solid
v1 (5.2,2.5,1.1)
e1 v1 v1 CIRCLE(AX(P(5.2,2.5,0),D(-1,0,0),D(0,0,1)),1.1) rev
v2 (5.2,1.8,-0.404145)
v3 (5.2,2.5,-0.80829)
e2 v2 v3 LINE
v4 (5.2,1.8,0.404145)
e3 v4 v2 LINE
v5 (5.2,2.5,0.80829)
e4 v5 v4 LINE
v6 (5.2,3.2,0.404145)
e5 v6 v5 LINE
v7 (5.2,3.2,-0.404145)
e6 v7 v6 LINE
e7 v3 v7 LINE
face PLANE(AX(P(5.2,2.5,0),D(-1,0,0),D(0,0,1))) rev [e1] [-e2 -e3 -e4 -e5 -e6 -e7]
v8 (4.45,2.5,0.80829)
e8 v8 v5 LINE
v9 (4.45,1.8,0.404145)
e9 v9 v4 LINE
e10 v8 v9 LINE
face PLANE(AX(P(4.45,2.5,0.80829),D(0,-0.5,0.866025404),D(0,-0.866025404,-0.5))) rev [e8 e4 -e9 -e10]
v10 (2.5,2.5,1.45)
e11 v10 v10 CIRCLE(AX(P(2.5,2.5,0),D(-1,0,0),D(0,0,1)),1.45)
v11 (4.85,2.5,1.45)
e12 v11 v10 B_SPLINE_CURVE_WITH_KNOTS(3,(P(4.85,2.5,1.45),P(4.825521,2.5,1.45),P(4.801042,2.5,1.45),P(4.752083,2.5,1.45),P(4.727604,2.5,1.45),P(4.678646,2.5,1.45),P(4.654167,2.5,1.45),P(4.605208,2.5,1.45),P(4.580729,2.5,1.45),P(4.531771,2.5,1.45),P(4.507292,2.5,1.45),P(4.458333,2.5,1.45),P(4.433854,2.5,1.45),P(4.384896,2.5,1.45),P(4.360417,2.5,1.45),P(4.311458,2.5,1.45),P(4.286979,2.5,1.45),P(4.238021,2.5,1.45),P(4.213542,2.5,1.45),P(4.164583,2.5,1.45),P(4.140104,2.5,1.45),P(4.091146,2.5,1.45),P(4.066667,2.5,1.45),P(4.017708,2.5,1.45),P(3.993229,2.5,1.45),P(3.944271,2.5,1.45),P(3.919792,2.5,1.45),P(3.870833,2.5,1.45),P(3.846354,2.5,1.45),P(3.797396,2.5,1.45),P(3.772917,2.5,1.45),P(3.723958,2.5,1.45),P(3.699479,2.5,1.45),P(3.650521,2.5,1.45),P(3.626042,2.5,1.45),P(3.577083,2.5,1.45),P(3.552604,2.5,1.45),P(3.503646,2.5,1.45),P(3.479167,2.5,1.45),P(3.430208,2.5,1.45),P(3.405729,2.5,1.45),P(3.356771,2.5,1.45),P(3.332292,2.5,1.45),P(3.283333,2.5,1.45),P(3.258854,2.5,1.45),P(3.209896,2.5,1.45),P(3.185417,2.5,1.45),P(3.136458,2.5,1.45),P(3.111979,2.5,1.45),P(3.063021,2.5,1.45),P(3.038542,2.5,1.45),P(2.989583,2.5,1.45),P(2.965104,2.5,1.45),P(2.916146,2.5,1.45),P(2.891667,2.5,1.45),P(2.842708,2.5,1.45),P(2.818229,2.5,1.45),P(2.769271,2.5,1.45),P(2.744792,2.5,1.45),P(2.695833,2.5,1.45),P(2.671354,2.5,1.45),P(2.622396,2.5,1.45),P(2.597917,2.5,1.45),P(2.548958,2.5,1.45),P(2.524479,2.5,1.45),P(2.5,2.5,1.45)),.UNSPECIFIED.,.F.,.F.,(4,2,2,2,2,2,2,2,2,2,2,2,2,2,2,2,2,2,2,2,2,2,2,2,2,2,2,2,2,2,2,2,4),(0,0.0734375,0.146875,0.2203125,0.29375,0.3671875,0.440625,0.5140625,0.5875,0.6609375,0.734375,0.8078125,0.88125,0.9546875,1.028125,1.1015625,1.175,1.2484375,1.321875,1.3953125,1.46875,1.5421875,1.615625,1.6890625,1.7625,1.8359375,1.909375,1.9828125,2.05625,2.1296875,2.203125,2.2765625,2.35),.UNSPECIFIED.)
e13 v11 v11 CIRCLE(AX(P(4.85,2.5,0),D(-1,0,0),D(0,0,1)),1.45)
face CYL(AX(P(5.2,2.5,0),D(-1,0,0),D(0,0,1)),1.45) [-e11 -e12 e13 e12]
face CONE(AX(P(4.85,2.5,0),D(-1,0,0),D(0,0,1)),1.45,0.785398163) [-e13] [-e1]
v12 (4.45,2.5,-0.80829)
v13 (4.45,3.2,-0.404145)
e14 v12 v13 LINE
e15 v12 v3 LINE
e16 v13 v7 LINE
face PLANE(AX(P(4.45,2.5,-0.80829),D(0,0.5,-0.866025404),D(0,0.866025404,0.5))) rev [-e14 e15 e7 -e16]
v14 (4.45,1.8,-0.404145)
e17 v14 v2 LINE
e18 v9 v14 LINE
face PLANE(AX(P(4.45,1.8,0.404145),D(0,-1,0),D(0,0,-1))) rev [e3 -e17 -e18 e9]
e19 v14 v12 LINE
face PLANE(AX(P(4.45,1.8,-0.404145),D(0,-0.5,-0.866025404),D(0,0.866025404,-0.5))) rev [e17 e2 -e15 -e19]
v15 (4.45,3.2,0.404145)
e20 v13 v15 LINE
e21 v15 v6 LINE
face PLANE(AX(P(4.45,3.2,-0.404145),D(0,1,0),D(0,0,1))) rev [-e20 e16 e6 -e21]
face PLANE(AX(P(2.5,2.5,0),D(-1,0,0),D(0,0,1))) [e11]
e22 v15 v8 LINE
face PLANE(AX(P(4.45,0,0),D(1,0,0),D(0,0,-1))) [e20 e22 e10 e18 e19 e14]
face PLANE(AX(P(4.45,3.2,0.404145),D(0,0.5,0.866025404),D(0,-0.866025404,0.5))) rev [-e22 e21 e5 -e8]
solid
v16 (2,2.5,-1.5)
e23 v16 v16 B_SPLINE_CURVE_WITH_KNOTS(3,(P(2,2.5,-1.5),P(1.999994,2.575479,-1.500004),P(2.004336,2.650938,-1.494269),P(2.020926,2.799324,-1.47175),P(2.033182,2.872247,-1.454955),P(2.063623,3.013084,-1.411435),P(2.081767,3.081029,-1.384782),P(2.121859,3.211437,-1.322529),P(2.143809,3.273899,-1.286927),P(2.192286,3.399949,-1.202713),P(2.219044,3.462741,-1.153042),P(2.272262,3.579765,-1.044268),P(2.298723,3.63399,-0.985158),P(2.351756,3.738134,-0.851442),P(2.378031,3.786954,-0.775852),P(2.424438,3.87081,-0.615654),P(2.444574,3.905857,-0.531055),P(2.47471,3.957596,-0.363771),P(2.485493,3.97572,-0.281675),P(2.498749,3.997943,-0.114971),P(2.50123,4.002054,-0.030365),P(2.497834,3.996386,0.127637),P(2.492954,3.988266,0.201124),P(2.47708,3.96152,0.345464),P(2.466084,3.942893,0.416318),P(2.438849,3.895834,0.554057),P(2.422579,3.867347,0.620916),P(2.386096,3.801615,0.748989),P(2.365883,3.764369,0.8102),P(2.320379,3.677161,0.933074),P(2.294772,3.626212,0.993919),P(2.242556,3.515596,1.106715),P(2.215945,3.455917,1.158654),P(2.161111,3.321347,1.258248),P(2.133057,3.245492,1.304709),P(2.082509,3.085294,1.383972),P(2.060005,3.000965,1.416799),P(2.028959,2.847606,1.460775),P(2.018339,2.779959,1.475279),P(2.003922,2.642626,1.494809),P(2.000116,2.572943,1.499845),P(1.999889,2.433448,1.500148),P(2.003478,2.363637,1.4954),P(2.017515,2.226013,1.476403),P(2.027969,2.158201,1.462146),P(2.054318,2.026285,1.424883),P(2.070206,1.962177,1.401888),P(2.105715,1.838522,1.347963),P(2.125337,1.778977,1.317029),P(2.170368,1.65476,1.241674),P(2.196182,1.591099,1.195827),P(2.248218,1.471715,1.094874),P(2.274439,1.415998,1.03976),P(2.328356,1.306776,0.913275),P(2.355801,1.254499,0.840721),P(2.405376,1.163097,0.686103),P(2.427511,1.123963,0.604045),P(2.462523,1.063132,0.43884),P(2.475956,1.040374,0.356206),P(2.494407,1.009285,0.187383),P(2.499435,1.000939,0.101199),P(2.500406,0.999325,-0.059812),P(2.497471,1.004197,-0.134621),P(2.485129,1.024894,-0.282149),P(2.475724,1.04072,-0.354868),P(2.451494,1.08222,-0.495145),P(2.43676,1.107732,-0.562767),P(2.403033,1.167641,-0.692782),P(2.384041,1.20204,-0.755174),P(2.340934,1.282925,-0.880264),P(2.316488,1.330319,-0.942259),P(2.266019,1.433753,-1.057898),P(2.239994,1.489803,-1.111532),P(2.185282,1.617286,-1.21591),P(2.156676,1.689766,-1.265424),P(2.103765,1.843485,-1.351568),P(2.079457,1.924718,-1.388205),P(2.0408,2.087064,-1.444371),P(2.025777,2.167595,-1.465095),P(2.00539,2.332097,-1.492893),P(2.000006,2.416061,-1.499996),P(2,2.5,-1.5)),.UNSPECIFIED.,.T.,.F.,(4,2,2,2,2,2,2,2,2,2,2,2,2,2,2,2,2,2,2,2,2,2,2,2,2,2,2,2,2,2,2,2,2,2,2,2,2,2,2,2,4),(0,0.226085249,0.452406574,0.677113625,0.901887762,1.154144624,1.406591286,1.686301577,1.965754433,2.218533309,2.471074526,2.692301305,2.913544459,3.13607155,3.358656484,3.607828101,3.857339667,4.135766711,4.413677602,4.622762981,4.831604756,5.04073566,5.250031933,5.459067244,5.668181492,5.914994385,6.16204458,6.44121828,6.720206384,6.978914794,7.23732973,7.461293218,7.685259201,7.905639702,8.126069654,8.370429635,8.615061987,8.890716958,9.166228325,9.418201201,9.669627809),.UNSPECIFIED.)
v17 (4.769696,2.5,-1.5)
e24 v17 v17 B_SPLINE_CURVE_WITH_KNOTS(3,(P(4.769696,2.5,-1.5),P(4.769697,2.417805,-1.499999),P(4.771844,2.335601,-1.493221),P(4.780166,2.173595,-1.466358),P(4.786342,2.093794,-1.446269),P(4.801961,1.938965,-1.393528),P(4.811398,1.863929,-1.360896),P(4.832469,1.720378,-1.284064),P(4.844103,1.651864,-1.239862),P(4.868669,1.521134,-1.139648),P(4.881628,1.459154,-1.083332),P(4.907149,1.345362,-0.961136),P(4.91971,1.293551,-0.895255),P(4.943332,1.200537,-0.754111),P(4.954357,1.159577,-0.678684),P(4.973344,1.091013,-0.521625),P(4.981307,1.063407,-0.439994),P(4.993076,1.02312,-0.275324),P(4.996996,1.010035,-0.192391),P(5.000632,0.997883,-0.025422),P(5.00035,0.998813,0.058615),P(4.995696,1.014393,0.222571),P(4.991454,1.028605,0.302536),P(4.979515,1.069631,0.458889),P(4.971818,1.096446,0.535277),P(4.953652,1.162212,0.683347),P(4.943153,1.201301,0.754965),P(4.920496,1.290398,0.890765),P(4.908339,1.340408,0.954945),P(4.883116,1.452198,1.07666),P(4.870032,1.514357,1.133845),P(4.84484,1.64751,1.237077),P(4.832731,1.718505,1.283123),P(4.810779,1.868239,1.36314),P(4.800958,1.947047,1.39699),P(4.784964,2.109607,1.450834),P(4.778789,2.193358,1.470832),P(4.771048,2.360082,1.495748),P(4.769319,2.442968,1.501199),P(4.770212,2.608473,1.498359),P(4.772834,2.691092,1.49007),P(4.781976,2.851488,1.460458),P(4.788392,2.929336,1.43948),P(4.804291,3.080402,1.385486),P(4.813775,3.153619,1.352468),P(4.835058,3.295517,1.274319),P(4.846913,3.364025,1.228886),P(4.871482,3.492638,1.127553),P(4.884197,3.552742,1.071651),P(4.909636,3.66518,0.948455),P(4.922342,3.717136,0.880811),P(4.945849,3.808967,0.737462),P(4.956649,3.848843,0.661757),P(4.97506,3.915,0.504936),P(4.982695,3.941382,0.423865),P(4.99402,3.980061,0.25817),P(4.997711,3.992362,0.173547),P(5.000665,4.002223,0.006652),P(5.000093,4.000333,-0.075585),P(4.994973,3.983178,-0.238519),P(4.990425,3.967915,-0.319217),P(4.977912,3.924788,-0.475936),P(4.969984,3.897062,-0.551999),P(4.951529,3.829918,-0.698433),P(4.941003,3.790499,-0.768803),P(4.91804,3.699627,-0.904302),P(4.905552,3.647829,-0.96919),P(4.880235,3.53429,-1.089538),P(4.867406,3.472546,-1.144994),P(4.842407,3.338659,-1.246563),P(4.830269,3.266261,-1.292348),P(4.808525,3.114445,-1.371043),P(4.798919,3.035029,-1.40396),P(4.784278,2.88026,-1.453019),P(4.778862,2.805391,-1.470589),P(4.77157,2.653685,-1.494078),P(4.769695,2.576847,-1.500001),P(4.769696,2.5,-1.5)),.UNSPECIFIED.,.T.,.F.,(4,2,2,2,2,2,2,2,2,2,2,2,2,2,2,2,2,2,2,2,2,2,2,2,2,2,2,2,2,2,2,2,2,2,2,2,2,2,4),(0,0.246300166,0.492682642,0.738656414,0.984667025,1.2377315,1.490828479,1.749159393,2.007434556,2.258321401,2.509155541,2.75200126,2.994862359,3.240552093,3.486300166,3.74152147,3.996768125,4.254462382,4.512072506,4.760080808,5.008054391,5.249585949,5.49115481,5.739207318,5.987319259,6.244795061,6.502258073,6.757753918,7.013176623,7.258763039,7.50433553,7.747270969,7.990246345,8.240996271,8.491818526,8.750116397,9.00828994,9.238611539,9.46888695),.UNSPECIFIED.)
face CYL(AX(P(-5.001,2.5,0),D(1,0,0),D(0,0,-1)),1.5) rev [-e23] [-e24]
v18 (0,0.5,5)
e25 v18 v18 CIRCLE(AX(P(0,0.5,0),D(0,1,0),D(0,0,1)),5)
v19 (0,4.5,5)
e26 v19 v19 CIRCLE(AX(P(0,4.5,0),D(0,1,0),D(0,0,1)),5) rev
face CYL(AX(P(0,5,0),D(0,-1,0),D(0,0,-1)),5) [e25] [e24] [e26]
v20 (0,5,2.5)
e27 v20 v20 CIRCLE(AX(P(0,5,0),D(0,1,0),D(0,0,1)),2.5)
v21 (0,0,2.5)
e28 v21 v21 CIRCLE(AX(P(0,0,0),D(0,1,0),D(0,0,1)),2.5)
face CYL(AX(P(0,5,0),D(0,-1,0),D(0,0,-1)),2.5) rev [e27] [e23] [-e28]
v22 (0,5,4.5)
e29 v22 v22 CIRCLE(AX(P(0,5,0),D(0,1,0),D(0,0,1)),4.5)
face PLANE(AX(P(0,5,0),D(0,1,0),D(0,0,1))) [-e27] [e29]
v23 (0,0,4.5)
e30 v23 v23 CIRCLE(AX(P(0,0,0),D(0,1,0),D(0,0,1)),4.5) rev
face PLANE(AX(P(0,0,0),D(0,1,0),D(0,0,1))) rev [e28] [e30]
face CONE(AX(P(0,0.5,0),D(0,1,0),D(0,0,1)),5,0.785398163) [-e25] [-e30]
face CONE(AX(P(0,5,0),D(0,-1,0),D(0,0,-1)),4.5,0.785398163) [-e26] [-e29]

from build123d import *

# Parameters (mm, degrees)
SKETCH1_R               = 5
SKETCH1_R_2             = 2.5
BOSS_EXTRUDE1_DEPTH     = 5
CUT_EXTRUDE1_REACH      = 14.247
CUT_EXTRUDE1_END_RADIUS = 2.5
SKETCH2_R               = 1.5
CHAMFER1_SIZE           = 0.5
SKETCH3_R               = 1.45
BOSS_EXTRUDE3_DEPTH     = 2.7
CHAMFER3_SIZE           = 0.35
CUT_EXTRUDE2_DEPTH      = 0.75


with BuildPart() as part:
    # Sketch1 → Boss-Extrude1 (new body)
    with BuildSketch(Plane(origin=(0, 0, 0), x_dir=(1, 0, 0), z_dir=(0, 1, 0))):
        with Locations(Location((0, 0, 0), (0, 0, 270))):
            Circle(SKETCH1_R)
        with Locations(Location((0, 0, 0), (0, 0, 270))):
            Circle(SKETCH1_R_2, mode=Mode.SUBTRACT)
    extrude(amount=BOSS_EXTRUDE1_DEPTH)

    # Cut-Extrude1: up to this cylinder (the profile starts outside it)
    cut_extrude1_end = Plane(origin=(0, 2.5, 0), z_dir=(0, -1, 0)) * Cylinder(CUT_EXTRUDE1_END_RADIUS, 34.494, mode=Mode.PRIVATE)
    # Sketch2 → Cut-Extrude1 (cut, up to the surface)
    with BuildSketch(Plane(origin=(5, 0, 0), x_dir=(0, 0, -1), z_dir=(1, 0, 0)), mode=Mode.PRIVATE) as cut_extrude1_sk1:
        with Locations((0, 2.5)):
            Circle(SKETCH2_R)
    cut_extrude1_tool1 = extrude(cut_extrude1_sk1.sketch, amount=-CUT_EXTRUDE1_REACH, mode=Mode.PRIVATE) - cut_extrude1_end
    add(cut_extrude1_tool1.solids().sort_by_distance((5, 2.5, 0))[0], mode=Mode.SUBTRACT)

    # Chamfer1
    chamfer1_edges = [part.edges().sort_by_distance(p)[0] for p in [
        (0, 0, -5),
        (0, 5, -5),
    ]]
    chamfer(chamfer1_edges, length=CHAMFER1_SIZE)


with BuildPart() as body_2:
    # Sketch3 → Boss-Extrude3 (new body)
    with BuildSketch(Plane.ZY.offset(-2.5)):
        with Locations((0, 2.5)):
            Circle(SKETCH3_R)
    extrude(amount=-BOSS_EXTRUDE3_DEPTH)

    # Chamfer3
    chamfer3_edges = [body_2.edges().sort_by_distance(p)[0] for p in [
        (5.2, 2.5, -1.45),
    ]]
    chamfer(chamfer3_edges, length=CHAMFER3_SIZE)

    # Sketch4 → Cut-Extrude2 (cut)
    with BuildSketch(Plane(origin=(5.2, 0, 0), x_dir=(0, 0, -1), z_dir=(1, 0, 0))):
        Polygon((0.808290377, 2.5), (0.404145188, 3.2), (-0.404145188, 3.2), (-0.808290377, 2.5), (-0.404145188, 1.8), (0.404145188, 1.8), align=None)
    extrude(amount=-CUT_EXTRUDE2_DEPTH, mode=Mode.SUBTRACT)


solid = Compound([part.part, body_2.part])
